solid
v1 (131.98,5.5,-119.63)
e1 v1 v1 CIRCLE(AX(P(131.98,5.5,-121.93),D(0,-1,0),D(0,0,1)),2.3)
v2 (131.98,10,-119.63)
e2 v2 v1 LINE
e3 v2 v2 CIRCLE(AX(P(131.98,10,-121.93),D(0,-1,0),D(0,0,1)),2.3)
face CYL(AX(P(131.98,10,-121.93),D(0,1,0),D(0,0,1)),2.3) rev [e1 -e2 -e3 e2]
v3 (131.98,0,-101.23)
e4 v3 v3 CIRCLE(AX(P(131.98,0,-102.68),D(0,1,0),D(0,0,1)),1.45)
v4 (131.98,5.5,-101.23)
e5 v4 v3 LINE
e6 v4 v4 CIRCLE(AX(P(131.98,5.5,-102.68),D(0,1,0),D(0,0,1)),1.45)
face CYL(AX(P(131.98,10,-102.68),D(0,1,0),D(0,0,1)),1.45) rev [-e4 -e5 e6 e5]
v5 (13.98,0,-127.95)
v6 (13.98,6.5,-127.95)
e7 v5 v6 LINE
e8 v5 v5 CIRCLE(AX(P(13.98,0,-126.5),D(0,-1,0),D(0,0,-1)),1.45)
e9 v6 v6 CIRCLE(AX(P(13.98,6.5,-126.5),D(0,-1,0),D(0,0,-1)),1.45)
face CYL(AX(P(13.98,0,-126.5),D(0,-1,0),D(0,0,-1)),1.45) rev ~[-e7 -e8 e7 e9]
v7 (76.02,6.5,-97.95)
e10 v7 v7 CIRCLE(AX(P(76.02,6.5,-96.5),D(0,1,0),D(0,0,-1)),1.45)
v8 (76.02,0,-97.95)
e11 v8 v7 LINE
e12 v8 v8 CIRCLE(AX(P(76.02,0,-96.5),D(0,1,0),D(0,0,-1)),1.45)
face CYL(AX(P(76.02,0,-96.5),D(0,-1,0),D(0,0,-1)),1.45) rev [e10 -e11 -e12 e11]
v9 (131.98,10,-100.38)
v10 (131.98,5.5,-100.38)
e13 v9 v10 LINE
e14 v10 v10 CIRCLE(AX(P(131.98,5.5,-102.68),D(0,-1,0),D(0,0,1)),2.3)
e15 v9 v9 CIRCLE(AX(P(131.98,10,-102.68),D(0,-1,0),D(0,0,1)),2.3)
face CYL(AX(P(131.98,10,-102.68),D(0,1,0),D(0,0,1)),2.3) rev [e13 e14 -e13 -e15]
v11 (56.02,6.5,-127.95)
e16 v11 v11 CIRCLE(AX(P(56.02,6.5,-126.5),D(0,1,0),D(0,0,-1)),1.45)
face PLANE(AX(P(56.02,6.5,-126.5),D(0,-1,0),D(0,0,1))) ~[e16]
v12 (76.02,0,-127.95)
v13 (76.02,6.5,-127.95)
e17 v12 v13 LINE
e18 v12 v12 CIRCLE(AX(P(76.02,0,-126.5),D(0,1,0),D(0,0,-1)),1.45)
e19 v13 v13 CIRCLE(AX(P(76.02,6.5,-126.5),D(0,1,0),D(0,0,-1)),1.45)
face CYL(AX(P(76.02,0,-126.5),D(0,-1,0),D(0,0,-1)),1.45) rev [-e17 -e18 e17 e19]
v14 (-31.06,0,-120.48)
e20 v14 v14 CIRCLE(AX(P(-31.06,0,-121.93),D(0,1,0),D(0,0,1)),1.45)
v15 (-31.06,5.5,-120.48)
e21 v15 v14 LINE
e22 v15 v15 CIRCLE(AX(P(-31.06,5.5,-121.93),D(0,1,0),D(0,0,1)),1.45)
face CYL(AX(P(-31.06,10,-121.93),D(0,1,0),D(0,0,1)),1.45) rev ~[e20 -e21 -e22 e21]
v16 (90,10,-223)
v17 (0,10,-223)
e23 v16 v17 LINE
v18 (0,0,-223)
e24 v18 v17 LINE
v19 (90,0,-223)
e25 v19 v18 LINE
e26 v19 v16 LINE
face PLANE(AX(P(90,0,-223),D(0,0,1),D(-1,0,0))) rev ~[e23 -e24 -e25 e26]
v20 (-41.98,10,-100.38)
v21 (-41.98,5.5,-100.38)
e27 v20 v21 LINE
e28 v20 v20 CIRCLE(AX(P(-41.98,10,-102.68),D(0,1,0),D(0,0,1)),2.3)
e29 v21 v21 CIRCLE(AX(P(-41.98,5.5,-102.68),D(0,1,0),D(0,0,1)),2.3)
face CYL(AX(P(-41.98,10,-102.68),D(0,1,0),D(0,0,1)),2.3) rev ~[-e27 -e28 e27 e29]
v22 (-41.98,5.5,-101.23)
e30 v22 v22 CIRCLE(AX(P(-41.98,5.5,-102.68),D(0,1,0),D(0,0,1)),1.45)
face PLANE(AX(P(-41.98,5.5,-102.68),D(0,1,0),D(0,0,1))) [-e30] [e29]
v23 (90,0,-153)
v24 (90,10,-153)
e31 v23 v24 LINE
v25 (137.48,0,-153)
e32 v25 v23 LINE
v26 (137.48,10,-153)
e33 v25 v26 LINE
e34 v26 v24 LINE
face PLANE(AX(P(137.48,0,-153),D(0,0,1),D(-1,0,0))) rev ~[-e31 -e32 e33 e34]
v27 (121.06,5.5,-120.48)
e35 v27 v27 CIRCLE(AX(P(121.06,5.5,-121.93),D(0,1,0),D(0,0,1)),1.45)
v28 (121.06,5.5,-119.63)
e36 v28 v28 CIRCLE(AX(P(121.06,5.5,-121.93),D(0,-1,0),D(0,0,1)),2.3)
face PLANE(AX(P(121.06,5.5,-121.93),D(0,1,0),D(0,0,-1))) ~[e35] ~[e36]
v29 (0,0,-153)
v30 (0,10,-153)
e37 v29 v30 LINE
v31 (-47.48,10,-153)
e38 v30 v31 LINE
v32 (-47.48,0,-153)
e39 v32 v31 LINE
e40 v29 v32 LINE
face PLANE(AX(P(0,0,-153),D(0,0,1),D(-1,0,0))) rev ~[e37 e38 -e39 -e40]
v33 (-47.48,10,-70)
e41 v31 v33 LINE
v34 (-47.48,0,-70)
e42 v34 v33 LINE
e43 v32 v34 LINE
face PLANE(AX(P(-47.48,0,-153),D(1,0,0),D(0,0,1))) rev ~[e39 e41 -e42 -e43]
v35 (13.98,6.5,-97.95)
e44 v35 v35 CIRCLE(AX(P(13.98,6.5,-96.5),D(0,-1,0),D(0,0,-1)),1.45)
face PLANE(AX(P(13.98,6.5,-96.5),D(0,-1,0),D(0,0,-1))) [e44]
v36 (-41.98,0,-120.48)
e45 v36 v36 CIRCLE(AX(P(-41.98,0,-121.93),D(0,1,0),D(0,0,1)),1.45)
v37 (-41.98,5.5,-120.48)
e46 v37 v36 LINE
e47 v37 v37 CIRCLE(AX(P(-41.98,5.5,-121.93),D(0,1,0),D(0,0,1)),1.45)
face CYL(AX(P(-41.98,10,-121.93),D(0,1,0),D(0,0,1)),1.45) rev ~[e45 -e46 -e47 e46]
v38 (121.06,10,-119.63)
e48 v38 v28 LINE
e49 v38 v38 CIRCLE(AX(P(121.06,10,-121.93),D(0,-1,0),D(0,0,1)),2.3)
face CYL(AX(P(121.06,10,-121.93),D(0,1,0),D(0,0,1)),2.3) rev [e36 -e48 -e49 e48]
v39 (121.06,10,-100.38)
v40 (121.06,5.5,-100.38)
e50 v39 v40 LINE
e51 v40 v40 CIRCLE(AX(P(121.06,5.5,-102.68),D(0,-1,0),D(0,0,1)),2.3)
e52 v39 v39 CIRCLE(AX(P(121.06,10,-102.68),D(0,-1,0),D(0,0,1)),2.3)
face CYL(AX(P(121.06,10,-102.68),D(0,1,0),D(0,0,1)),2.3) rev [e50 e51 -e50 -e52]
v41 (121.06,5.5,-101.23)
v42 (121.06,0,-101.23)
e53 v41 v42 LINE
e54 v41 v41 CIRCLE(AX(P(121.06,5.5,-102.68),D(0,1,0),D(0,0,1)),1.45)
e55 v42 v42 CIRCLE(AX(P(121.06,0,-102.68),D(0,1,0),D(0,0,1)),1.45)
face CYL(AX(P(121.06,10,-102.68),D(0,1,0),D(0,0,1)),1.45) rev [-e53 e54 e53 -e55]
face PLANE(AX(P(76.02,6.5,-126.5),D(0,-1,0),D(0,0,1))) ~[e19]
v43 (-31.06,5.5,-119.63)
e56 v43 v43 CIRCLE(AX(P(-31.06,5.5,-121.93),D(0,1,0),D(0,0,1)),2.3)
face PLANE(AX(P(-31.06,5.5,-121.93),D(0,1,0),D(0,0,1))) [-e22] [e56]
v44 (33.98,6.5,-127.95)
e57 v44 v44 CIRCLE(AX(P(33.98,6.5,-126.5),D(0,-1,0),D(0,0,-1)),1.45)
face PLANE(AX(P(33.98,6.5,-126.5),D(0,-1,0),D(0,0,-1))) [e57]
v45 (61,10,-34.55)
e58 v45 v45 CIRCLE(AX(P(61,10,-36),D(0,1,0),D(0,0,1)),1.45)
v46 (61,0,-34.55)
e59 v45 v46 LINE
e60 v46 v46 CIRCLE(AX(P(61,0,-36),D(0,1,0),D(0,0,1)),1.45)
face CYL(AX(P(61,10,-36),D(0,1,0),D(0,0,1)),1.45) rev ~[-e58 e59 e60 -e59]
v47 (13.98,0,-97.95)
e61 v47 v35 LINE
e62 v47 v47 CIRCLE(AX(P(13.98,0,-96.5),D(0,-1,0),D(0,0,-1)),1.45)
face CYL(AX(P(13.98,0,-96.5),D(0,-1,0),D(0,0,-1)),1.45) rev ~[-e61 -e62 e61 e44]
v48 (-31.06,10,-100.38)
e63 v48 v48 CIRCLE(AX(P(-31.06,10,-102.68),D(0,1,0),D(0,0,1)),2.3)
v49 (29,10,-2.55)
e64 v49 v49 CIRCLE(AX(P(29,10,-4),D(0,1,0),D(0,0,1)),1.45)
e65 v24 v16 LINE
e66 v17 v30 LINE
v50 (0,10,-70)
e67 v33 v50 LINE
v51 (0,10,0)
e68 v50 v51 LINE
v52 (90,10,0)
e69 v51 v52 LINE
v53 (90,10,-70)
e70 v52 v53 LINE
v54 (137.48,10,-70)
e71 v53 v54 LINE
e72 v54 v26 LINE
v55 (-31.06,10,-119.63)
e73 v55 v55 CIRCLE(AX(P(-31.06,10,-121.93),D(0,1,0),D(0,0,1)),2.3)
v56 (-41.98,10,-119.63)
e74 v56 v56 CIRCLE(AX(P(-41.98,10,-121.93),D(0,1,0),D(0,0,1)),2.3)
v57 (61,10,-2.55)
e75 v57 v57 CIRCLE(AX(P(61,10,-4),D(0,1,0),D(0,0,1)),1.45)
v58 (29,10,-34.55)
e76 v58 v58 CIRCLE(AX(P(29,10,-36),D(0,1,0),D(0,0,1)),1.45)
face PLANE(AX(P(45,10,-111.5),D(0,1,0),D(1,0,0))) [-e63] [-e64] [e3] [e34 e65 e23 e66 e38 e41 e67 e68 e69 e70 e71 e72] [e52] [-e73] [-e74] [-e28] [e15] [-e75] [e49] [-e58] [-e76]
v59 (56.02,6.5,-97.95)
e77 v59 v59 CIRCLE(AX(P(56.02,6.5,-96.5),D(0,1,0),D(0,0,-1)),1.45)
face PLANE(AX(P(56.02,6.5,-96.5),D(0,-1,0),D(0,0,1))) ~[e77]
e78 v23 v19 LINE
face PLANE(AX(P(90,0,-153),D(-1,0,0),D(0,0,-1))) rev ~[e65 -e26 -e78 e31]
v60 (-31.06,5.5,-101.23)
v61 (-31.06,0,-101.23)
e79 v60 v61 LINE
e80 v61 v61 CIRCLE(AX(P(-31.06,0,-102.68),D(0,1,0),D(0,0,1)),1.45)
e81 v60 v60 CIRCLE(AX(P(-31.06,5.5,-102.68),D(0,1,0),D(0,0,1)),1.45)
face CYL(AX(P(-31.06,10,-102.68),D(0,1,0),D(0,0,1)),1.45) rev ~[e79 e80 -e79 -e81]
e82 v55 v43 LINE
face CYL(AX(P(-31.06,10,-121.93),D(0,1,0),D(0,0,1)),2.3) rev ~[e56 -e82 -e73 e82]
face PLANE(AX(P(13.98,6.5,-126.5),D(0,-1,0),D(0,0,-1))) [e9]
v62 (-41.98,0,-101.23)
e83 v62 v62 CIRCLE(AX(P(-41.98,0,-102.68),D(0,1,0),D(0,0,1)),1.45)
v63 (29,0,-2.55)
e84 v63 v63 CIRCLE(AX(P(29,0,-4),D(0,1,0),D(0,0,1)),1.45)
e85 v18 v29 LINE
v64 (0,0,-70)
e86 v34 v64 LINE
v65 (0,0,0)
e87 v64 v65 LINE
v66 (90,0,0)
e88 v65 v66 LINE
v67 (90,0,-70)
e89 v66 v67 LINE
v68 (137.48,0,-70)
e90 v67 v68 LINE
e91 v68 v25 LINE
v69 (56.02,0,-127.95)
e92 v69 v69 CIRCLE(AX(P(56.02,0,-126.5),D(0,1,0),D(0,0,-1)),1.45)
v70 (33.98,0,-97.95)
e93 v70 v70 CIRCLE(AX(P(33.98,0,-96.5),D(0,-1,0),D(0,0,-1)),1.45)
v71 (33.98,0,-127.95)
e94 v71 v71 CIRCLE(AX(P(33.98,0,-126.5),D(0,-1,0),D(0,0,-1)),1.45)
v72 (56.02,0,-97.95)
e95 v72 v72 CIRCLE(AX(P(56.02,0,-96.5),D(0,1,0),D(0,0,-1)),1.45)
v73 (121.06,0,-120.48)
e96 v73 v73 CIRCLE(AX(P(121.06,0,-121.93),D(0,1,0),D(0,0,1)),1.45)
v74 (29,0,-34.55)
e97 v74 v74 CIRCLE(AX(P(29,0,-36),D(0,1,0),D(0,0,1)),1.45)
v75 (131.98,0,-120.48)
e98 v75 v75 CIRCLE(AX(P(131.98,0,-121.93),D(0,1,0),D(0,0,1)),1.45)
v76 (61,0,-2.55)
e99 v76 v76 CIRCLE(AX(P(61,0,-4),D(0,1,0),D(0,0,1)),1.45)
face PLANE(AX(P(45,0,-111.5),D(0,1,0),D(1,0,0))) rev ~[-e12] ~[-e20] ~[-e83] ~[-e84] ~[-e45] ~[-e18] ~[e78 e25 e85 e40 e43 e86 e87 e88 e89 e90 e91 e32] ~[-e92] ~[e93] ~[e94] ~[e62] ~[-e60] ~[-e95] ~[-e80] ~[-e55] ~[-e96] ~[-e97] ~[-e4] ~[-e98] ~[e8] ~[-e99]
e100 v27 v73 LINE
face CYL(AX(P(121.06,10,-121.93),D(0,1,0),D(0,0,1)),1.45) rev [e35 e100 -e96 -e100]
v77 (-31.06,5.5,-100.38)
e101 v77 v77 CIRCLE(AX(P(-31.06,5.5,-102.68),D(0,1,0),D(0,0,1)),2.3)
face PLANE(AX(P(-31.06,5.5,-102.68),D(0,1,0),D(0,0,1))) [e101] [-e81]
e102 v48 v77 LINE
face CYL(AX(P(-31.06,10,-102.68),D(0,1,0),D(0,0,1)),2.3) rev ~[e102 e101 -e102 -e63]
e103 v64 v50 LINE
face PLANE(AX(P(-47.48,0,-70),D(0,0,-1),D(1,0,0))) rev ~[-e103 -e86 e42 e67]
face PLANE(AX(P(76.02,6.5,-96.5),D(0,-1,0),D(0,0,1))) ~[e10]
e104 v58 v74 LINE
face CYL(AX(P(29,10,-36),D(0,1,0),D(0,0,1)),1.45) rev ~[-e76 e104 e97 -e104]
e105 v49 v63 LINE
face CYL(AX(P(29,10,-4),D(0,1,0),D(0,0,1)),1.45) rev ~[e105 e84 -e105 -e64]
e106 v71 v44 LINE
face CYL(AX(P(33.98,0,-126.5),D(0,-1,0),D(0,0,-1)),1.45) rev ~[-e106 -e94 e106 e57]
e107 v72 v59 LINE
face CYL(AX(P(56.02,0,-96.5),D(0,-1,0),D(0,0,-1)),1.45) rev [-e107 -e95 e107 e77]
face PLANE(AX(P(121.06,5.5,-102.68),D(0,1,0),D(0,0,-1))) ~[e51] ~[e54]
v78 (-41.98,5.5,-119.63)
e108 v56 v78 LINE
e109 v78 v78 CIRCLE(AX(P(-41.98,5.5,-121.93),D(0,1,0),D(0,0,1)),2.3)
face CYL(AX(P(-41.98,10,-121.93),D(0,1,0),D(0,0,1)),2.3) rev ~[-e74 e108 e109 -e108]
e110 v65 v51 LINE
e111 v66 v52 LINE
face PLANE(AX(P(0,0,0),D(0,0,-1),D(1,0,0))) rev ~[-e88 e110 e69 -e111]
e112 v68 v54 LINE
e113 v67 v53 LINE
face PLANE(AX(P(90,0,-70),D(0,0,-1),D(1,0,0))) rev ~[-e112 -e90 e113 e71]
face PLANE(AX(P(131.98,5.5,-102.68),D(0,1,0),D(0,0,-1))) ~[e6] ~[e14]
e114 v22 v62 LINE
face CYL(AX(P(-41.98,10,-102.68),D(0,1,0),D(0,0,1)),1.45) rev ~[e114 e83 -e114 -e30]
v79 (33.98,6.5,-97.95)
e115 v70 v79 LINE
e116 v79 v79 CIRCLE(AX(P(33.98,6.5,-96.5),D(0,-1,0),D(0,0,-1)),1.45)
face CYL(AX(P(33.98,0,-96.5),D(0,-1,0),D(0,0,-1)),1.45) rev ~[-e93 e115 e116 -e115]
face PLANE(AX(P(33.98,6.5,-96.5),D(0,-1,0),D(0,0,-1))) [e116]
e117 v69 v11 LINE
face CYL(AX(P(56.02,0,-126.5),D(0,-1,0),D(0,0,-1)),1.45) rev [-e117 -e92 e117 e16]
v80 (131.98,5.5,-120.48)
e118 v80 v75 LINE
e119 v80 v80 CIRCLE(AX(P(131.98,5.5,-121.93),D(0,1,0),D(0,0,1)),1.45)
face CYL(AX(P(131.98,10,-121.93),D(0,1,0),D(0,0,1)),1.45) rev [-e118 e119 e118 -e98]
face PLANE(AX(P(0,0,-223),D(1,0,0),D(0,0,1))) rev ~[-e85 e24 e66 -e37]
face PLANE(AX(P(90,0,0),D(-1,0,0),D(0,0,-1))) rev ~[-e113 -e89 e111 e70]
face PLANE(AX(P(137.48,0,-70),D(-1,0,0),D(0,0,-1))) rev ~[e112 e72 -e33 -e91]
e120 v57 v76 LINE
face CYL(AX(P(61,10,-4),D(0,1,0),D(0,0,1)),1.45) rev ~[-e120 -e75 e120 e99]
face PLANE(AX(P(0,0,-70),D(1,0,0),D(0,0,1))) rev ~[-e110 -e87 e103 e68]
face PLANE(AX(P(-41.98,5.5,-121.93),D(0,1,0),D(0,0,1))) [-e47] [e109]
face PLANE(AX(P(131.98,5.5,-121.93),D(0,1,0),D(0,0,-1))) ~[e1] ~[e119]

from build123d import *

# Parameters (mm, degrees)
EXTRUDE_2_DEPTH     = 10
SKETCH_4_R          = 1.45
CUT_EXTRUDE_1_DEPTH = 263.163594727
SKETCH_6_R          = 2.3
CUT_EXTRUDE_3_DEPTH = 4.5
SKETCH_11_R         = 1.45
CUT_EXTRUDE_4_DEPTH = 6.5
SKETCH_12_R         = 1.45
CUT_EXTRUDE_5_DEPTH = 10


with BuildPart() as part:
    # 草图2 → 凸台-拉伸2 (new body)
    with BuildSketch(Plane(origin=(0, 0, 0), x_dir=(1, 0, 0), z_dir=(0, 1, 0))):
        Polygon((0, 223), (0, 153), (-47.48, 153), (-47.48, 70), (0, 70), (0, 0), (90, 0), (90, 70), (137.48, 70), (137.48, 153), (90, 153), (90, 223), align=None)
    extrude(amount=EXTRUDE_2_DEPTH)

    # 草图4 → 切除-拉伸1 (cut, through all)
    with BuildSketch(Plane(origin=(0, 10, 0), x_dir=(1, 0, 0), z_dir=(0, 1, 0))):
        with Locations(Location((-41.98, 121.93, 0), (0, 0, 270))):
            Circle(SKETCH_4_R)
        with Locations(Location((-41.98, 102.68, 0), (0, 0, 270))):
            Circle(SKETCH_4_R)
        with Locations(Location((-31.06, 102.68, 0), (0, 0, 270))):
            Circle(SKETCH_4_R)
        with Locations(Location((-31.06, 121.93, 0), (0, 0, 270))):
            Circle(SKETCH_4_R)
    cut_extrude_1 = extrude(amount=-CUT_EXTRUDE_1_DEPTH, mode=Mode.SUBTRACT)

    # 镜向1: 切除-拉伸1 across plane
    add(cut_extrude_1.mirror(Plane(origin=(45, 0, 0), x_dir=(0, 0, 1), z_dir=(1, 0, 0))), mode=Mode.SUBTRACT)

    # 草图6 → 切除-拉伸3 (cut)
    with BuildSketch(Plane(origin=(0, 10, 0), x_dir=(1, 0, 0), z_dir=(0, 1, 0))):
        with Locations(Location((-41.98, 121.93, 0), (0, 0, 270))):
            Circle(SKETCH_6_R)
        with Locations(Location((-31.06, 121.93, 0), (0, 0, 270))):
            Circle(SKETCH_6_R)
        with Locations(Location((-41.98, 102.68, 0), (0, 0, 270))):
            Circle(SKETCH_6_R)
        with Locations(Location((-31.06, 102.68, 0), (0, 0, 270))):
            Circle(SKETCH_6_R)
    cut_extrude_3 = extrude(amount=-CUT_EXTRUDE_3_DEPTH, mode=Mode.SUBTRACT)

    # 镜向3: 切除-拉伸3 across plane
    add(cut_extrude_3.mirror(Plane(origin=(45, 0, 0), x_dir=(0, 0, 1), z_dir=(1, 0, 0))), mode=Mode.SUBTRACT)

    # 草图11 → 切除-拉伸4 (cut)
    with BuildSketch(Plane.XZ):
        with Locations(Location((33.98, -96.5, 0), (0, 0, 270))):
            Circle(SKETCH_11_R)
        with Locations(Location((13.98, -96.5, 0), (0, 0, 270))):
            Circle(SKETCH_11_R)
        with Locations(Location((33.98, -126.5, 0), (0, 0, 270))):
            Circle(SKETCH_11_R)
        with Locations(Location((13.98, -126.5, 0), (0, 0, 270))):
            Circle(SKETCH_11_R)
    cut_extrude_4 = extrude(amount=-CUT_EXTRUDE_4_DEPTH, mode=Mode.SUBTRACT)

    # 镜向4: 切除-拉伸4 across plane
    add(cut_extrude_4.mirror(Plane(origin=(45, 0, 0), x_dir=(0, 0, 1), z_dir=(1, 0, 0))), mode=Mode.SUBTRACT)

    # 草图12 → 切除-拉伸5 (cut)
    with BuildSketch(Plane(origin=(0, 10, 0), x_dir=(1, 0, 0), z_dir=(0, 1, 0))):
        with Locations(Location((61, 36, 0), (0, 0, 270))):
            Circle(SKETCH_12_R)
        with Locations(Location((29, 36, 0), (0, 0, 270))):
            Circle(SKETCH_12_R)
        with Locations(Location((29, 4, 0), (0, 0, 270))):
            Circle(SKETCH_12_R)
        with Locations(Location((61, 4, 0), (0, 0, 270))):
            Circle(SKETCH_12_R)
    extrude(amount=-CUT_EXTRUDE_5_DEPTH, mode=Mode.SUBTRACT)


solid = part.part
